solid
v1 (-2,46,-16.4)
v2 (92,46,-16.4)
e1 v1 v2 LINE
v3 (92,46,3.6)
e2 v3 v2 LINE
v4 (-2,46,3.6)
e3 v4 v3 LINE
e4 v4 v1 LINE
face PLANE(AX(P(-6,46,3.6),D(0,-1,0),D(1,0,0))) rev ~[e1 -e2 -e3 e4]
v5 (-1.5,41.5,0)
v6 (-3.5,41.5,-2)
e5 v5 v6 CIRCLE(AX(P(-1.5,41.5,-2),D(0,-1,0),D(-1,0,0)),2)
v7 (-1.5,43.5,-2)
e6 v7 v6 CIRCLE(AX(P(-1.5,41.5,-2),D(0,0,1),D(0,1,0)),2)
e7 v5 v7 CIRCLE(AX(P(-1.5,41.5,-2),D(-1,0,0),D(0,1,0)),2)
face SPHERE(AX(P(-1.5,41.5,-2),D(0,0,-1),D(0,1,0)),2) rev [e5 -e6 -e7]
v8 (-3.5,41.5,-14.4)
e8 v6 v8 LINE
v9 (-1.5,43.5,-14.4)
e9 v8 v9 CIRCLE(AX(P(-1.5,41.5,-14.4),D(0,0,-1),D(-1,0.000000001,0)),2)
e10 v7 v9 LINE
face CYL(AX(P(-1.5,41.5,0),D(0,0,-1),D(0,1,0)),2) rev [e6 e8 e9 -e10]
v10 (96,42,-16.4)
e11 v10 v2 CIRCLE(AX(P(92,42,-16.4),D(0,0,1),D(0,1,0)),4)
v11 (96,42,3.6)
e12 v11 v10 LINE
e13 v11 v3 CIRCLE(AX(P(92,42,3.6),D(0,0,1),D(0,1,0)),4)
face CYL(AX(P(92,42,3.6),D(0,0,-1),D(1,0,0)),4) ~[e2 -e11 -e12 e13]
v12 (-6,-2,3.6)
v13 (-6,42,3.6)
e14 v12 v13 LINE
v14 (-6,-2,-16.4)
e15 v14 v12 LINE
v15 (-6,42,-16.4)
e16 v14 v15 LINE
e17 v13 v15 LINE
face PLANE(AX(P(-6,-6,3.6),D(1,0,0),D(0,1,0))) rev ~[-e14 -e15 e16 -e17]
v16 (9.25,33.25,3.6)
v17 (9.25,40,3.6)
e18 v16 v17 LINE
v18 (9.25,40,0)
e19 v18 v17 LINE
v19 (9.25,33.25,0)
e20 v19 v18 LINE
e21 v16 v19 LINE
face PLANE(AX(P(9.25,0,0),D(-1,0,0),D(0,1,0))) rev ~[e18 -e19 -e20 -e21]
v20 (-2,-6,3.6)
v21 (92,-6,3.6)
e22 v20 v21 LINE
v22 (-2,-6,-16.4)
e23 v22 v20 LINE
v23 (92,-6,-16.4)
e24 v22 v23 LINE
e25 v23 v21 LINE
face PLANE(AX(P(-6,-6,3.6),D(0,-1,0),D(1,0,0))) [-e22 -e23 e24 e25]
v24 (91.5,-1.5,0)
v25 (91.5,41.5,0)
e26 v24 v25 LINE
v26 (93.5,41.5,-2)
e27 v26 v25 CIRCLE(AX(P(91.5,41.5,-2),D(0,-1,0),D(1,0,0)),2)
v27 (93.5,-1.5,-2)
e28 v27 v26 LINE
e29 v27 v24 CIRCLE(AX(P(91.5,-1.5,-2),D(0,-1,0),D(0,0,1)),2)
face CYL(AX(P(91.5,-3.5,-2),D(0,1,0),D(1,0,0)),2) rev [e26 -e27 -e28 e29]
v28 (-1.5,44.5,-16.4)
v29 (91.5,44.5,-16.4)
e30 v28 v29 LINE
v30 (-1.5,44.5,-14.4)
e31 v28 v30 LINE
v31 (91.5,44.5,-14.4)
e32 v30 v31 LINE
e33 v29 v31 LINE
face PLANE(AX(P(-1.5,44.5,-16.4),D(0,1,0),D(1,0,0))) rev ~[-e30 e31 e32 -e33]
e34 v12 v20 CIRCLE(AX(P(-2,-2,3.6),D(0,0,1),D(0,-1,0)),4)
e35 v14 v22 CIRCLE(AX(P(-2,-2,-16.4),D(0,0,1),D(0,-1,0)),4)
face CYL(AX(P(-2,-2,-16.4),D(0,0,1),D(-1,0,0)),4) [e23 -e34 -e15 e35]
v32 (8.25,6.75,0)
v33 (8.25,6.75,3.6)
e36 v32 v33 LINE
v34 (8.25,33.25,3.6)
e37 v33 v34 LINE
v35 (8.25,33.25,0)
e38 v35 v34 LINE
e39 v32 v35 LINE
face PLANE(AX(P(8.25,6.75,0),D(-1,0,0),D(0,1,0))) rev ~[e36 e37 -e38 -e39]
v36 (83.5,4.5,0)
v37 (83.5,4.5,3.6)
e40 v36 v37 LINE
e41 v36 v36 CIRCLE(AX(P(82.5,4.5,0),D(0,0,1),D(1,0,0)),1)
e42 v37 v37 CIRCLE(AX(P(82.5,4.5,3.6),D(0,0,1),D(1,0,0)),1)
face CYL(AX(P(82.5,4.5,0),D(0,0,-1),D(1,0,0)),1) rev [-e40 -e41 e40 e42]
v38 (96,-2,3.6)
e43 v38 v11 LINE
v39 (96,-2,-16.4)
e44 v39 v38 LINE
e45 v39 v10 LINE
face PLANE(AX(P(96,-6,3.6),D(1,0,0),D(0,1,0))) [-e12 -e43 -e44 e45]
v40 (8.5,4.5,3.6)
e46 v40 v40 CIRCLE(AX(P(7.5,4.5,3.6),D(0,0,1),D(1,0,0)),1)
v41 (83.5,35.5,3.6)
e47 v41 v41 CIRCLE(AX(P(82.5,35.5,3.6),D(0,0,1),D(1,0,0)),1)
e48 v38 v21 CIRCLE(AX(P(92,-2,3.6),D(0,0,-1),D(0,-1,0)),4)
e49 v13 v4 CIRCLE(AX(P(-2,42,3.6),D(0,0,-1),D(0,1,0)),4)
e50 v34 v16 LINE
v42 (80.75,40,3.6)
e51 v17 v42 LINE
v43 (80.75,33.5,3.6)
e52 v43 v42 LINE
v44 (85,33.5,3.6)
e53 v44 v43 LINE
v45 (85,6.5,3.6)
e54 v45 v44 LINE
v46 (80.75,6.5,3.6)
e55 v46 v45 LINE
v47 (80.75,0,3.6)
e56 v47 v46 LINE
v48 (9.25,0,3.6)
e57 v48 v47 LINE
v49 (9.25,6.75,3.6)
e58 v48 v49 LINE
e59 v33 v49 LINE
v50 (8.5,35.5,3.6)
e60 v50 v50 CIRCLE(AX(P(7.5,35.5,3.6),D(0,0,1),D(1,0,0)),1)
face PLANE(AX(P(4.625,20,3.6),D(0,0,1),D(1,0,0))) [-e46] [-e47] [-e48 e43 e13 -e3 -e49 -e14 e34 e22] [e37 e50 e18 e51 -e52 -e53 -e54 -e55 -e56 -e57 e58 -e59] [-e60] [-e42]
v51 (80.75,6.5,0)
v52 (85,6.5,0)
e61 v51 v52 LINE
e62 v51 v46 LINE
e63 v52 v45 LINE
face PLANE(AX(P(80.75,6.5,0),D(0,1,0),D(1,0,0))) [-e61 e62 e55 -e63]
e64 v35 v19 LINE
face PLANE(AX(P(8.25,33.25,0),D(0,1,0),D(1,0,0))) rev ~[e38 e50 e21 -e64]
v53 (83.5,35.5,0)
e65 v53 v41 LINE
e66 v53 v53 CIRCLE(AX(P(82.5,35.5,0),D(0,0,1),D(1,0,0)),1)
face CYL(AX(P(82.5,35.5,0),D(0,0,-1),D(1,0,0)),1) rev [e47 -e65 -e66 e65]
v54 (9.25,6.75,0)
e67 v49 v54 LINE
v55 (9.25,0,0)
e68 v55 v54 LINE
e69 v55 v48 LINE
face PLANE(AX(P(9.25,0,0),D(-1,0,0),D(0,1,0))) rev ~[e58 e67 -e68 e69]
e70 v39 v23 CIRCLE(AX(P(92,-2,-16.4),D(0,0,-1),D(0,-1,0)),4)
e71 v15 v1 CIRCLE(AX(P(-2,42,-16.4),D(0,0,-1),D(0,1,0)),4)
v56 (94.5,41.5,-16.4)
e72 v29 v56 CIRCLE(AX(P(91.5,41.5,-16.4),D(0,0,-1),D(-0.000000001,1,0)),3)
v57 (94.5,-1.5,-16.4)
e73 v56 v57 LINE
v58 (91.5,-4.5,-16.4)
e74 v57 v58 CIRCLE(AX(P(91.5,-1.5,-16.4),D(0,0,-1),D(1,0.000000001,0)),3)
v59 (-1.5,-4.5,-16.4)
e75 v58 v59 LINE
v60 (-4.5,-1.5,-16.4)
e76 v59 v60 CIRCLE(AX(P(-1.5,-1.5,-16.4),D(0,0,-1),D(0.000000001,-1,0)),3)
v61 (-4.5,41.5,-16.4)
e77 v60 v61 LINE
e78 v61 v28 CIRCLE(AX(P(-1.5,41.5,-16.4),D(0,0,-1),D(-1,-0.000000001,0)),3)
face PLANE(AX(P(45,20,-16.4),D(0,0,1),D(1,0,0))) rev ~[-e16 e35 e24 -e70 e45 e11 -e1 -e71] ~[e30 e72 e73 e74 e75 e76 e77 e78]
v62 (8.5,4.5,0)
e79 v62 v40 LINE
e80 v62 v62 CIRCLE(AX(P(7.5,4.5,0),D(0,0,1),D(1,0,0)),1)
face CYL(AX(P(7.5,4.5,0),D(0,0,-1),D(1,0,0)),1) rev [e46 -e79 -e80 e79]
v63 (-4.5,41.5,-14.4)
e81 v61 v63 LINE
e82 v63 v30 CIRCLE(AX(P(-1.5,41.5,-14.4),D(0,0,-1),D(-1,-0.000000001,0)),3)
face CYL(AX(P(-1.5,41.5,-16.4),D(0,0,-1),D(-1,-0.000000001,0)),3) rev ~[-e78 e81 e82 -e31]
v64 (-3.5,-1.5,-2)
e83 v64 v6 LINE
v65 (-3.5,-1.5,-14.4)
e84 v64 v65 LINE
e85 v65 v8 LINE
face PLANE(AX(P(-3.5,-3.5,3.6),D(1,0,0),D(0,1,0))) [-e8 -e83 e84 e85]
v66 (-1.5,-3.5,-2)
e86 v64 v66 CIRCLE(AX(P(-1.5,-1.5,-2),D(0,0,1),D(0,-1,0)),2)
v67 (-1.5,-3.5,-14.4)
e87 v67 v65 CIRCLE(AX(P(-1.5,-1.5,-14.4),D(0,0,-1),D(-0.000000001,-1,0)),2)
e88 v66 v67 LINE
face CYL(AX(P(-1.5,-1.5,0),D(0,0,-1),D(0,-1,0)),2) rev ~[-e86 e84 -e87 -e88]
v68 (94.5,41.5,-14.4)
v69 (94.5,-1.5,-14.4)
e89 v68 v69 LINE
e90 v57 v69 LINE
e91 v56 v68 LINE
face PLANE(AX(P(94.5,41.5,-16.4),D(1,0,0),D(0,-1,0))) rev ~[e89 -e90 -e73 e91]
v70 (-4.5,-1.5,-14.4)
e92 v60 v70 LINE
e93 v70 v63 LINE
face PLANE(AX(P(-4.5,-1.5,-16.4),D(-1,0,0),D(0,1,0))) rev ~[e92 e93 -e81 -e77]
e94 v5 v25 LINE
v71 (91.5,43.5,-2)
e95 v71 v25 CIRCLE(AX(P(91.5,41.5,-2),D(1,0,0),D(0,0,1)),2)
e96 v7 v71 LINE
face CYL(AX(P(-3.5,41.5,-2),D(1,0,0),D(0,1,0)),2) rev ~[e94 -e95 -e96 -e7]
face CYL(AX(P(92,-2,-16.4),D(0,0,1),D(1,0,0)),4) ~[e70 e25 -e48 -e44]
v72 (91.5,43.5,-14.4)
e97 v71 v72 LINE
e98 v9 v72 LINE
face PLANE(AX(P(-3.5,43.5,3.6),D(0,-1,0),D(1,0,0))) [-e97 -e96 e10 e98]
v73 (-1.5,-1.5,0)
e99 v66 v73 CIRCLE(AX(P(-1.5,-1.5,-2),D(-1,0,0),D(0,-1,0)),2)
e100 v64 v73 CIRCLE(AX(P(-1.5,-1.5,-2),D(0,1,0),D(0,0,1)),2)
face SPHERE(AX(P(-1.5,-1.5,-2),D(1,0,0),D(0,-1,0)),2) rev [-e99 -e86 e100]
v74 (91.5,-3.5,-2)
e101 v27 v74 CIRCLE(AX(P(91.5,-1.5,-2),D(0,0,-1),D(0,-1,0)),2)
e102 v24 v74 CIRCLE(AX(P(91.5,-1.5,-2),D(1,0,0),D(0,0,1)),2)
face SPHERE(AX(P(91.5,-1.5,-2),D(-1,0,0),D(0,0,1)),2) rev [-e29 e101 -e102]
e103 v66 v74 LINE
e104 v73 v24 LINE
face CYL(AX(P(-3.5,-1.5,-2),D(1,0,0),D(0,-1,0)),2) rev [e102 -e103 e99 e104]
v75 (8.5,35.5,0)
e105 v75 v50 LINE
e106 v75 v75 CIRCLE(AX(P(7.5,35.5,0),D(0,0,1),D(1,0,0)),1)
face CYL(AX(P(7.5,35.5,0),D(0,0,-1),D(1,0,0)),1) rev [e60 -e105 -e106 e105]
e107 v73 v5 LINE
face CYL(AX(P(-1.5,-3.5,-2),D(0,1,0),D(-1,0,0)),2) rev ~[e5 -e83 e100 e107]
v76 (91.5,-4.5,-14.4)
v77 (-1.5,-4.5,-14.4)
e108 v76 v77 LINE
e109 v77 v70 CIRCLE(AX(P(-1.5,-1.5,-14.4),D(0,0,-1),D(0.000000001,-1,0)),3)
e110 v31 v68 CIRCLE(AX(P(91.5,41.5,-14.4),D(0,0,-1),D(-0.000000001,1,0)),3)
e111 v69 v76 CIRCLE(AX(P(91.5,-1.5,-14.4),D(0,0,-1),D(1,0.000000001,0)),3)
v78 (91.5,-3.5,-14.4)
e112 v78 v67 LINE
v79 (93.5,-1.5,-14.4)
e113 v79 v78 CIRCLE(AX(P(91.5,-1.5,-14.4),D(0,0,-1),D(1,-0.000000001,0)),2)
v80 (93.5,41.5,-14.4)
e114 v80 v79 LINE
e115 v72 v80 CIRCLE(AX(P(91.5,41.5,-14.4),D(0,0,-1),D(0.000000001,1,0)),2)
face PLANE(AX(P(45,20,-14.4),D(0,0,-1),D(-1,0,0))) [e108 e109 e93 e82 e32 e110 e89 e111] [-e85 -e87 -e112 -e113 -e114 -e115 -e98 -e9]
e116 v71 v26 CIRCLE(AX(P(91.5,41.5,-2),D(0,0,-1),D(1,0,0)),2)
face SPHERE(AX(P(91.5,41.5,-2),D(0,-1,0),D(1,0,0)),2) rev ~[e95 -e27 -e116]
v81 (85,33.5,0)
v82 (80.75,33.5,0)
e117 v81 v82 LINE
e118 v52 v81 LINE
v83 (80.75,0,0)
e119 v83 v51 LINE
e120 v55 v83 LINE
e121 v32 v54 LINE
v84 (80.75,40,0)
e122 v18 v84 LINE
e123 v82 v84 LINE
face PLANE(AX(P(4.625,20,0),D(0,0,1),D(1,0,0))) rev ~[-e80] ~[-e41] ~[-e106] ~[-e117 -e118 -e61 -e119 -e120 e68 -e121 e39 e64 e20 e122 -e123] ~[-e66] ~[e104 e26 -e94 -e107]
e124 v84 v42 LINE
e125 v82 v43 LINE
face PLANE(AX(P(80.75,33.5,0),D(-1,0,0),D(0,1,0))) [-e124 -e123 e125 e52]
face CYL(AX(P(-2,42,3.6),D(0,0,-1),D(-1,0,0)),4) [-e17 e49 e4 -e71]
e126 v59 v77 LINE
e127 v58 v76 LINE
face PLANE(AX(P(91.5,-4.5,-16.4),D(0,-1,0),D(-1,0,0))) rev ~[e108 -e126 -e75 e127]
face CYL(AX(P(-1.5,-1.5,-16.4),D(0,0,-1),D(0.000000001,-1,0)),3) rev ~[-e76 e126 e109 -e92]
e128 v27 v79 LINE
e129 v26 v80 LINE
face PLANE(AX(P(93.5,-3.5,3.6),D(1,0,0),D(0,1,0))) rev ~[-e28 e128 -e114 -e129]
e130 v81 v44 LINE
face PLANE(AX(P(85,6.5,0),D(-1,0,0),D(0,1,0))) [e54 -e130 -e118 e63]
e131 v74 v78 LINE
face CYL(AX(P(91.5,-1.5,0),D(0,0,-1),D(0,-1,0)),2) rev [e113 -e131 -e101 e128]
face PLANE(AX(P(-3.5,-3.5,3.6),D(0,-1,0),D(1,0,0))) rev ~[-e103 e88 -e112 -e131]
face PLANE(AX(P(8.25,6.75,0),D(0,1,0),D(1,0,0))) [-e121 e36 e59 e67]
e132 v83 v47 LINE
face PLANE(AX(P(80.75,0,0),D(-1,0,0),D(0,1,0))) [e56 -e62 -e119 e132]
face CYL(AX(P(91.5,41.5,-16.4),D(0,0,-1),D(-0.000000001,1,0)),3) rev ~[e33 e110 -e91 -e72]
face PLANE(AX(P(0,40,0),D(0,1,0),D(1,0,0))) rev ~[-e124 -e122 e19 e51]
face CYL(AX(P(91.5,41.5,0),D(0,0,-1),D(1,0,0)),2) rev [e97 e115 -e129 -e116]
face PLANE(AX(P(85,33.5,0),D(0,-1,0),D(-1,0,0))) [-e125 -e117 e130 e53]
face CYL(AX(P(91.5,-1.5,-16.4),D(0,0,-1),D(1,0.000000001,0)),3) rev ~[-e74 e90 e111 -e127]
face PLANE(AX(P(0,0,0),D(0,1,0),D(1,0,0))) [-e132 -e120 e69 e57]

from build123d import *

# Parameters (mm, degrees)
ESQUISSE1_W                     = 102
ESQUISSE1_H                     = 52
ESQUISSE1_W_2                   = 90
ESQUISSE1_H_2                   = 40
EXTRU_MINCE1_DEPTH              = 3.6
ESQUISSE2_W                     = 9.25
ESQUISSE2_H                     = 40
BOSS_EXTRU_1_DEPTH              = 3.6
ESQUISSE3_R                     = 1
ESQUISSE3_W                     = 4.29767414
ESQUISSE3_H                     = 26.5
ENL_V_MAT_EXTRU_1_DEPTH         = 3.6
ESQUISSE5_W                     = 102
ESQUISSE5_H                     = 52
ESQUISSE5_W_2                   = 97
ESQUISSE5_H_2                   = 47
EXTRU_MINCE2_DEPTH              = 20
CONG_1_R                        = 4
CONG_2_R                        = 2
ENL_V_DE_MAT_EXTRU_MINCE1_DEPTH = 2


with BuildPart() as part:
    # Esquisse1 → Extru.-Mince1 (new body)
    with BuildSketch(Plane.XY):
        with Locations((45, 20)):
            Rectangle(ESQUISSE1_W, ESQUISSE1_H)
        with Locations((45, 20)):
            Rectangle(ESQUISSE1_W_2, ESQUISSE1_H_2, mode=Mode.SUBTRACT)
    extrude(amount=EXTRU_MINCE1_DEPTH)

    # Esquisse2 → Boss.-Extru.1 (add)
    with BuildSketch(Plane.XY):
        with Locations((4.625, 20)):
            Rectangle(ESQUISSE2_W, ESQUISSE2_H)
        Polygon((90, 40), (90, 0), (80.75, 0), (80.75, 6.5), (85, 6.5), (85, 33.5), (80.75, 33.5), (80.75, 40), align=None)
    extrude(amount=BOSS_EXTRU_1_DEPTH)

    # Esquisse3 → Enlèv. mat.-Extru.1 (cut)
    with BuildSketch(Plane.XY):
        with Locations((7.5, 35.5)):
            Circle(ESQUISSE3_R)
        with Locations((7.5, 4.5)):
            Circle(ESQUISSE3_R)
        with Locations((82.5, 35.5)):
            Circle(ESQUISSE3_R)
        with Locations((82.5, 4.5)):
            Circle(ESQUISSE3_R)
        with Locations((10.39883707, 20)):
            Rectangle(ESQUISSE3_W, ESQUISSE3_H)
    extrude(amount=ENL_V_MAT_EXTRU_1_DEPTH, mode=Mode.SUBTRACT)

    # Esquisse5 → Extru.-Mince2 (add)
    with BuildSketch(Plane.XY.offset(3.6)):
        with Locations((45, 20)):
            Rectangle(ESQUISSE5_W, ESQUISSE5_H)
        with Locations((45, 20)):
            Rectangle(ESQUISSE5_W_2, ESQUISSE5_H_2, mode=Mode.SUBTRACT)
    extrude(amount=-EXTRU_MINCE2_DEPTH)

    # Congé1
    cong_1_edges = [part.edges().sort_by_distance(p)[0] for p in [
        (-6, 46, -6.4),
        (96, 46, -6.4),
        (96, -6, -6.4),
        (-6, -6, -6.4),
    ]]
    fillet(cong_1_edges, radius=CONG_1_R)

    # Congé2
    cong_2_edges = [part.edges().sort_by_distance(p)[0] for p in [
        (45, -3.5, 0),
        (93.5, 20, 0),
        (93.5, -3.5, -8.2),
        (-3.5, -3.5, -8.2),
        (-3.5, 43.5, -8.2),
        (93.5, 43.5, -8.2),
        (45, 43.5, 0),
        (-3.5, 20, 0),
    ]]
    fillet(cong_2_edges, radius=CONG_2_R)

    # Esquisse6 → Enlèv. de mat.-Extru.-Mince1 (cut)
    with BuildSketch(Plane(origin=(0, 0, -16.4), x_dir=(-1, 0, 0), z_dir=(0, 0, -1))):
        with BuildLine():
            Line((1.5, 44.5), (-91.5, 44.5))
            ThreePointArc((-91.5, 44.5), (-93.621320344, 43.621320344), (-94.5, 41.5))
            Line((-94.5, 41.5), (-94.5, -1.5))
            ThreePointArc((-94.5, -1.5), (-93.621320344, -3.621320344), (-91.5, -4.5))
            Line((-91.5, -4.5), (1.5, -4.5))
            ThreePointArc((1.5, -4.5), (3.621320344, -3.621320344), (4.5, -1.5))
            Line((4.5, -1.5), (4.5, 41.5))
            ThreePointArc((4.5, 41.5), (3.621320344, 43.621320344), (1.5, 44.5))
        make_face()
        with BuildLine():
            Line((1.5, 43.5), (-91.5, 43.5))
            ThreePointArc((-91.5, 43.5), (-92.914213562, 42.914213562), (-93.5, 41.5))
            Line((-93.5, 41.5), (-93.5, -1.5))
            ThreePointArc((-93.5, -1.5), (-92.914213562, -2.914213562), (-91.5, -3.5))
            Line((-91.5, -3.5), (1.5, -3.5))
            ThreePointArc((1.5, -3.5), (2.914213562, -2.914213562), (3.5, -1.5))
            Line((3.5, -1.5), (3.5, 41.5))
            ThreePointArc((3.5, 41.5), (2.914213562, 42.914213562), (1.5, 43.5))
        make_face(mode=Mode.SUBTRACT)
    extrude(amount=-ENL_V_DE_MAT_EXTRU_MINCE1_DEPTH, mode=Mode.SUBTRACT)


solid = part.part
